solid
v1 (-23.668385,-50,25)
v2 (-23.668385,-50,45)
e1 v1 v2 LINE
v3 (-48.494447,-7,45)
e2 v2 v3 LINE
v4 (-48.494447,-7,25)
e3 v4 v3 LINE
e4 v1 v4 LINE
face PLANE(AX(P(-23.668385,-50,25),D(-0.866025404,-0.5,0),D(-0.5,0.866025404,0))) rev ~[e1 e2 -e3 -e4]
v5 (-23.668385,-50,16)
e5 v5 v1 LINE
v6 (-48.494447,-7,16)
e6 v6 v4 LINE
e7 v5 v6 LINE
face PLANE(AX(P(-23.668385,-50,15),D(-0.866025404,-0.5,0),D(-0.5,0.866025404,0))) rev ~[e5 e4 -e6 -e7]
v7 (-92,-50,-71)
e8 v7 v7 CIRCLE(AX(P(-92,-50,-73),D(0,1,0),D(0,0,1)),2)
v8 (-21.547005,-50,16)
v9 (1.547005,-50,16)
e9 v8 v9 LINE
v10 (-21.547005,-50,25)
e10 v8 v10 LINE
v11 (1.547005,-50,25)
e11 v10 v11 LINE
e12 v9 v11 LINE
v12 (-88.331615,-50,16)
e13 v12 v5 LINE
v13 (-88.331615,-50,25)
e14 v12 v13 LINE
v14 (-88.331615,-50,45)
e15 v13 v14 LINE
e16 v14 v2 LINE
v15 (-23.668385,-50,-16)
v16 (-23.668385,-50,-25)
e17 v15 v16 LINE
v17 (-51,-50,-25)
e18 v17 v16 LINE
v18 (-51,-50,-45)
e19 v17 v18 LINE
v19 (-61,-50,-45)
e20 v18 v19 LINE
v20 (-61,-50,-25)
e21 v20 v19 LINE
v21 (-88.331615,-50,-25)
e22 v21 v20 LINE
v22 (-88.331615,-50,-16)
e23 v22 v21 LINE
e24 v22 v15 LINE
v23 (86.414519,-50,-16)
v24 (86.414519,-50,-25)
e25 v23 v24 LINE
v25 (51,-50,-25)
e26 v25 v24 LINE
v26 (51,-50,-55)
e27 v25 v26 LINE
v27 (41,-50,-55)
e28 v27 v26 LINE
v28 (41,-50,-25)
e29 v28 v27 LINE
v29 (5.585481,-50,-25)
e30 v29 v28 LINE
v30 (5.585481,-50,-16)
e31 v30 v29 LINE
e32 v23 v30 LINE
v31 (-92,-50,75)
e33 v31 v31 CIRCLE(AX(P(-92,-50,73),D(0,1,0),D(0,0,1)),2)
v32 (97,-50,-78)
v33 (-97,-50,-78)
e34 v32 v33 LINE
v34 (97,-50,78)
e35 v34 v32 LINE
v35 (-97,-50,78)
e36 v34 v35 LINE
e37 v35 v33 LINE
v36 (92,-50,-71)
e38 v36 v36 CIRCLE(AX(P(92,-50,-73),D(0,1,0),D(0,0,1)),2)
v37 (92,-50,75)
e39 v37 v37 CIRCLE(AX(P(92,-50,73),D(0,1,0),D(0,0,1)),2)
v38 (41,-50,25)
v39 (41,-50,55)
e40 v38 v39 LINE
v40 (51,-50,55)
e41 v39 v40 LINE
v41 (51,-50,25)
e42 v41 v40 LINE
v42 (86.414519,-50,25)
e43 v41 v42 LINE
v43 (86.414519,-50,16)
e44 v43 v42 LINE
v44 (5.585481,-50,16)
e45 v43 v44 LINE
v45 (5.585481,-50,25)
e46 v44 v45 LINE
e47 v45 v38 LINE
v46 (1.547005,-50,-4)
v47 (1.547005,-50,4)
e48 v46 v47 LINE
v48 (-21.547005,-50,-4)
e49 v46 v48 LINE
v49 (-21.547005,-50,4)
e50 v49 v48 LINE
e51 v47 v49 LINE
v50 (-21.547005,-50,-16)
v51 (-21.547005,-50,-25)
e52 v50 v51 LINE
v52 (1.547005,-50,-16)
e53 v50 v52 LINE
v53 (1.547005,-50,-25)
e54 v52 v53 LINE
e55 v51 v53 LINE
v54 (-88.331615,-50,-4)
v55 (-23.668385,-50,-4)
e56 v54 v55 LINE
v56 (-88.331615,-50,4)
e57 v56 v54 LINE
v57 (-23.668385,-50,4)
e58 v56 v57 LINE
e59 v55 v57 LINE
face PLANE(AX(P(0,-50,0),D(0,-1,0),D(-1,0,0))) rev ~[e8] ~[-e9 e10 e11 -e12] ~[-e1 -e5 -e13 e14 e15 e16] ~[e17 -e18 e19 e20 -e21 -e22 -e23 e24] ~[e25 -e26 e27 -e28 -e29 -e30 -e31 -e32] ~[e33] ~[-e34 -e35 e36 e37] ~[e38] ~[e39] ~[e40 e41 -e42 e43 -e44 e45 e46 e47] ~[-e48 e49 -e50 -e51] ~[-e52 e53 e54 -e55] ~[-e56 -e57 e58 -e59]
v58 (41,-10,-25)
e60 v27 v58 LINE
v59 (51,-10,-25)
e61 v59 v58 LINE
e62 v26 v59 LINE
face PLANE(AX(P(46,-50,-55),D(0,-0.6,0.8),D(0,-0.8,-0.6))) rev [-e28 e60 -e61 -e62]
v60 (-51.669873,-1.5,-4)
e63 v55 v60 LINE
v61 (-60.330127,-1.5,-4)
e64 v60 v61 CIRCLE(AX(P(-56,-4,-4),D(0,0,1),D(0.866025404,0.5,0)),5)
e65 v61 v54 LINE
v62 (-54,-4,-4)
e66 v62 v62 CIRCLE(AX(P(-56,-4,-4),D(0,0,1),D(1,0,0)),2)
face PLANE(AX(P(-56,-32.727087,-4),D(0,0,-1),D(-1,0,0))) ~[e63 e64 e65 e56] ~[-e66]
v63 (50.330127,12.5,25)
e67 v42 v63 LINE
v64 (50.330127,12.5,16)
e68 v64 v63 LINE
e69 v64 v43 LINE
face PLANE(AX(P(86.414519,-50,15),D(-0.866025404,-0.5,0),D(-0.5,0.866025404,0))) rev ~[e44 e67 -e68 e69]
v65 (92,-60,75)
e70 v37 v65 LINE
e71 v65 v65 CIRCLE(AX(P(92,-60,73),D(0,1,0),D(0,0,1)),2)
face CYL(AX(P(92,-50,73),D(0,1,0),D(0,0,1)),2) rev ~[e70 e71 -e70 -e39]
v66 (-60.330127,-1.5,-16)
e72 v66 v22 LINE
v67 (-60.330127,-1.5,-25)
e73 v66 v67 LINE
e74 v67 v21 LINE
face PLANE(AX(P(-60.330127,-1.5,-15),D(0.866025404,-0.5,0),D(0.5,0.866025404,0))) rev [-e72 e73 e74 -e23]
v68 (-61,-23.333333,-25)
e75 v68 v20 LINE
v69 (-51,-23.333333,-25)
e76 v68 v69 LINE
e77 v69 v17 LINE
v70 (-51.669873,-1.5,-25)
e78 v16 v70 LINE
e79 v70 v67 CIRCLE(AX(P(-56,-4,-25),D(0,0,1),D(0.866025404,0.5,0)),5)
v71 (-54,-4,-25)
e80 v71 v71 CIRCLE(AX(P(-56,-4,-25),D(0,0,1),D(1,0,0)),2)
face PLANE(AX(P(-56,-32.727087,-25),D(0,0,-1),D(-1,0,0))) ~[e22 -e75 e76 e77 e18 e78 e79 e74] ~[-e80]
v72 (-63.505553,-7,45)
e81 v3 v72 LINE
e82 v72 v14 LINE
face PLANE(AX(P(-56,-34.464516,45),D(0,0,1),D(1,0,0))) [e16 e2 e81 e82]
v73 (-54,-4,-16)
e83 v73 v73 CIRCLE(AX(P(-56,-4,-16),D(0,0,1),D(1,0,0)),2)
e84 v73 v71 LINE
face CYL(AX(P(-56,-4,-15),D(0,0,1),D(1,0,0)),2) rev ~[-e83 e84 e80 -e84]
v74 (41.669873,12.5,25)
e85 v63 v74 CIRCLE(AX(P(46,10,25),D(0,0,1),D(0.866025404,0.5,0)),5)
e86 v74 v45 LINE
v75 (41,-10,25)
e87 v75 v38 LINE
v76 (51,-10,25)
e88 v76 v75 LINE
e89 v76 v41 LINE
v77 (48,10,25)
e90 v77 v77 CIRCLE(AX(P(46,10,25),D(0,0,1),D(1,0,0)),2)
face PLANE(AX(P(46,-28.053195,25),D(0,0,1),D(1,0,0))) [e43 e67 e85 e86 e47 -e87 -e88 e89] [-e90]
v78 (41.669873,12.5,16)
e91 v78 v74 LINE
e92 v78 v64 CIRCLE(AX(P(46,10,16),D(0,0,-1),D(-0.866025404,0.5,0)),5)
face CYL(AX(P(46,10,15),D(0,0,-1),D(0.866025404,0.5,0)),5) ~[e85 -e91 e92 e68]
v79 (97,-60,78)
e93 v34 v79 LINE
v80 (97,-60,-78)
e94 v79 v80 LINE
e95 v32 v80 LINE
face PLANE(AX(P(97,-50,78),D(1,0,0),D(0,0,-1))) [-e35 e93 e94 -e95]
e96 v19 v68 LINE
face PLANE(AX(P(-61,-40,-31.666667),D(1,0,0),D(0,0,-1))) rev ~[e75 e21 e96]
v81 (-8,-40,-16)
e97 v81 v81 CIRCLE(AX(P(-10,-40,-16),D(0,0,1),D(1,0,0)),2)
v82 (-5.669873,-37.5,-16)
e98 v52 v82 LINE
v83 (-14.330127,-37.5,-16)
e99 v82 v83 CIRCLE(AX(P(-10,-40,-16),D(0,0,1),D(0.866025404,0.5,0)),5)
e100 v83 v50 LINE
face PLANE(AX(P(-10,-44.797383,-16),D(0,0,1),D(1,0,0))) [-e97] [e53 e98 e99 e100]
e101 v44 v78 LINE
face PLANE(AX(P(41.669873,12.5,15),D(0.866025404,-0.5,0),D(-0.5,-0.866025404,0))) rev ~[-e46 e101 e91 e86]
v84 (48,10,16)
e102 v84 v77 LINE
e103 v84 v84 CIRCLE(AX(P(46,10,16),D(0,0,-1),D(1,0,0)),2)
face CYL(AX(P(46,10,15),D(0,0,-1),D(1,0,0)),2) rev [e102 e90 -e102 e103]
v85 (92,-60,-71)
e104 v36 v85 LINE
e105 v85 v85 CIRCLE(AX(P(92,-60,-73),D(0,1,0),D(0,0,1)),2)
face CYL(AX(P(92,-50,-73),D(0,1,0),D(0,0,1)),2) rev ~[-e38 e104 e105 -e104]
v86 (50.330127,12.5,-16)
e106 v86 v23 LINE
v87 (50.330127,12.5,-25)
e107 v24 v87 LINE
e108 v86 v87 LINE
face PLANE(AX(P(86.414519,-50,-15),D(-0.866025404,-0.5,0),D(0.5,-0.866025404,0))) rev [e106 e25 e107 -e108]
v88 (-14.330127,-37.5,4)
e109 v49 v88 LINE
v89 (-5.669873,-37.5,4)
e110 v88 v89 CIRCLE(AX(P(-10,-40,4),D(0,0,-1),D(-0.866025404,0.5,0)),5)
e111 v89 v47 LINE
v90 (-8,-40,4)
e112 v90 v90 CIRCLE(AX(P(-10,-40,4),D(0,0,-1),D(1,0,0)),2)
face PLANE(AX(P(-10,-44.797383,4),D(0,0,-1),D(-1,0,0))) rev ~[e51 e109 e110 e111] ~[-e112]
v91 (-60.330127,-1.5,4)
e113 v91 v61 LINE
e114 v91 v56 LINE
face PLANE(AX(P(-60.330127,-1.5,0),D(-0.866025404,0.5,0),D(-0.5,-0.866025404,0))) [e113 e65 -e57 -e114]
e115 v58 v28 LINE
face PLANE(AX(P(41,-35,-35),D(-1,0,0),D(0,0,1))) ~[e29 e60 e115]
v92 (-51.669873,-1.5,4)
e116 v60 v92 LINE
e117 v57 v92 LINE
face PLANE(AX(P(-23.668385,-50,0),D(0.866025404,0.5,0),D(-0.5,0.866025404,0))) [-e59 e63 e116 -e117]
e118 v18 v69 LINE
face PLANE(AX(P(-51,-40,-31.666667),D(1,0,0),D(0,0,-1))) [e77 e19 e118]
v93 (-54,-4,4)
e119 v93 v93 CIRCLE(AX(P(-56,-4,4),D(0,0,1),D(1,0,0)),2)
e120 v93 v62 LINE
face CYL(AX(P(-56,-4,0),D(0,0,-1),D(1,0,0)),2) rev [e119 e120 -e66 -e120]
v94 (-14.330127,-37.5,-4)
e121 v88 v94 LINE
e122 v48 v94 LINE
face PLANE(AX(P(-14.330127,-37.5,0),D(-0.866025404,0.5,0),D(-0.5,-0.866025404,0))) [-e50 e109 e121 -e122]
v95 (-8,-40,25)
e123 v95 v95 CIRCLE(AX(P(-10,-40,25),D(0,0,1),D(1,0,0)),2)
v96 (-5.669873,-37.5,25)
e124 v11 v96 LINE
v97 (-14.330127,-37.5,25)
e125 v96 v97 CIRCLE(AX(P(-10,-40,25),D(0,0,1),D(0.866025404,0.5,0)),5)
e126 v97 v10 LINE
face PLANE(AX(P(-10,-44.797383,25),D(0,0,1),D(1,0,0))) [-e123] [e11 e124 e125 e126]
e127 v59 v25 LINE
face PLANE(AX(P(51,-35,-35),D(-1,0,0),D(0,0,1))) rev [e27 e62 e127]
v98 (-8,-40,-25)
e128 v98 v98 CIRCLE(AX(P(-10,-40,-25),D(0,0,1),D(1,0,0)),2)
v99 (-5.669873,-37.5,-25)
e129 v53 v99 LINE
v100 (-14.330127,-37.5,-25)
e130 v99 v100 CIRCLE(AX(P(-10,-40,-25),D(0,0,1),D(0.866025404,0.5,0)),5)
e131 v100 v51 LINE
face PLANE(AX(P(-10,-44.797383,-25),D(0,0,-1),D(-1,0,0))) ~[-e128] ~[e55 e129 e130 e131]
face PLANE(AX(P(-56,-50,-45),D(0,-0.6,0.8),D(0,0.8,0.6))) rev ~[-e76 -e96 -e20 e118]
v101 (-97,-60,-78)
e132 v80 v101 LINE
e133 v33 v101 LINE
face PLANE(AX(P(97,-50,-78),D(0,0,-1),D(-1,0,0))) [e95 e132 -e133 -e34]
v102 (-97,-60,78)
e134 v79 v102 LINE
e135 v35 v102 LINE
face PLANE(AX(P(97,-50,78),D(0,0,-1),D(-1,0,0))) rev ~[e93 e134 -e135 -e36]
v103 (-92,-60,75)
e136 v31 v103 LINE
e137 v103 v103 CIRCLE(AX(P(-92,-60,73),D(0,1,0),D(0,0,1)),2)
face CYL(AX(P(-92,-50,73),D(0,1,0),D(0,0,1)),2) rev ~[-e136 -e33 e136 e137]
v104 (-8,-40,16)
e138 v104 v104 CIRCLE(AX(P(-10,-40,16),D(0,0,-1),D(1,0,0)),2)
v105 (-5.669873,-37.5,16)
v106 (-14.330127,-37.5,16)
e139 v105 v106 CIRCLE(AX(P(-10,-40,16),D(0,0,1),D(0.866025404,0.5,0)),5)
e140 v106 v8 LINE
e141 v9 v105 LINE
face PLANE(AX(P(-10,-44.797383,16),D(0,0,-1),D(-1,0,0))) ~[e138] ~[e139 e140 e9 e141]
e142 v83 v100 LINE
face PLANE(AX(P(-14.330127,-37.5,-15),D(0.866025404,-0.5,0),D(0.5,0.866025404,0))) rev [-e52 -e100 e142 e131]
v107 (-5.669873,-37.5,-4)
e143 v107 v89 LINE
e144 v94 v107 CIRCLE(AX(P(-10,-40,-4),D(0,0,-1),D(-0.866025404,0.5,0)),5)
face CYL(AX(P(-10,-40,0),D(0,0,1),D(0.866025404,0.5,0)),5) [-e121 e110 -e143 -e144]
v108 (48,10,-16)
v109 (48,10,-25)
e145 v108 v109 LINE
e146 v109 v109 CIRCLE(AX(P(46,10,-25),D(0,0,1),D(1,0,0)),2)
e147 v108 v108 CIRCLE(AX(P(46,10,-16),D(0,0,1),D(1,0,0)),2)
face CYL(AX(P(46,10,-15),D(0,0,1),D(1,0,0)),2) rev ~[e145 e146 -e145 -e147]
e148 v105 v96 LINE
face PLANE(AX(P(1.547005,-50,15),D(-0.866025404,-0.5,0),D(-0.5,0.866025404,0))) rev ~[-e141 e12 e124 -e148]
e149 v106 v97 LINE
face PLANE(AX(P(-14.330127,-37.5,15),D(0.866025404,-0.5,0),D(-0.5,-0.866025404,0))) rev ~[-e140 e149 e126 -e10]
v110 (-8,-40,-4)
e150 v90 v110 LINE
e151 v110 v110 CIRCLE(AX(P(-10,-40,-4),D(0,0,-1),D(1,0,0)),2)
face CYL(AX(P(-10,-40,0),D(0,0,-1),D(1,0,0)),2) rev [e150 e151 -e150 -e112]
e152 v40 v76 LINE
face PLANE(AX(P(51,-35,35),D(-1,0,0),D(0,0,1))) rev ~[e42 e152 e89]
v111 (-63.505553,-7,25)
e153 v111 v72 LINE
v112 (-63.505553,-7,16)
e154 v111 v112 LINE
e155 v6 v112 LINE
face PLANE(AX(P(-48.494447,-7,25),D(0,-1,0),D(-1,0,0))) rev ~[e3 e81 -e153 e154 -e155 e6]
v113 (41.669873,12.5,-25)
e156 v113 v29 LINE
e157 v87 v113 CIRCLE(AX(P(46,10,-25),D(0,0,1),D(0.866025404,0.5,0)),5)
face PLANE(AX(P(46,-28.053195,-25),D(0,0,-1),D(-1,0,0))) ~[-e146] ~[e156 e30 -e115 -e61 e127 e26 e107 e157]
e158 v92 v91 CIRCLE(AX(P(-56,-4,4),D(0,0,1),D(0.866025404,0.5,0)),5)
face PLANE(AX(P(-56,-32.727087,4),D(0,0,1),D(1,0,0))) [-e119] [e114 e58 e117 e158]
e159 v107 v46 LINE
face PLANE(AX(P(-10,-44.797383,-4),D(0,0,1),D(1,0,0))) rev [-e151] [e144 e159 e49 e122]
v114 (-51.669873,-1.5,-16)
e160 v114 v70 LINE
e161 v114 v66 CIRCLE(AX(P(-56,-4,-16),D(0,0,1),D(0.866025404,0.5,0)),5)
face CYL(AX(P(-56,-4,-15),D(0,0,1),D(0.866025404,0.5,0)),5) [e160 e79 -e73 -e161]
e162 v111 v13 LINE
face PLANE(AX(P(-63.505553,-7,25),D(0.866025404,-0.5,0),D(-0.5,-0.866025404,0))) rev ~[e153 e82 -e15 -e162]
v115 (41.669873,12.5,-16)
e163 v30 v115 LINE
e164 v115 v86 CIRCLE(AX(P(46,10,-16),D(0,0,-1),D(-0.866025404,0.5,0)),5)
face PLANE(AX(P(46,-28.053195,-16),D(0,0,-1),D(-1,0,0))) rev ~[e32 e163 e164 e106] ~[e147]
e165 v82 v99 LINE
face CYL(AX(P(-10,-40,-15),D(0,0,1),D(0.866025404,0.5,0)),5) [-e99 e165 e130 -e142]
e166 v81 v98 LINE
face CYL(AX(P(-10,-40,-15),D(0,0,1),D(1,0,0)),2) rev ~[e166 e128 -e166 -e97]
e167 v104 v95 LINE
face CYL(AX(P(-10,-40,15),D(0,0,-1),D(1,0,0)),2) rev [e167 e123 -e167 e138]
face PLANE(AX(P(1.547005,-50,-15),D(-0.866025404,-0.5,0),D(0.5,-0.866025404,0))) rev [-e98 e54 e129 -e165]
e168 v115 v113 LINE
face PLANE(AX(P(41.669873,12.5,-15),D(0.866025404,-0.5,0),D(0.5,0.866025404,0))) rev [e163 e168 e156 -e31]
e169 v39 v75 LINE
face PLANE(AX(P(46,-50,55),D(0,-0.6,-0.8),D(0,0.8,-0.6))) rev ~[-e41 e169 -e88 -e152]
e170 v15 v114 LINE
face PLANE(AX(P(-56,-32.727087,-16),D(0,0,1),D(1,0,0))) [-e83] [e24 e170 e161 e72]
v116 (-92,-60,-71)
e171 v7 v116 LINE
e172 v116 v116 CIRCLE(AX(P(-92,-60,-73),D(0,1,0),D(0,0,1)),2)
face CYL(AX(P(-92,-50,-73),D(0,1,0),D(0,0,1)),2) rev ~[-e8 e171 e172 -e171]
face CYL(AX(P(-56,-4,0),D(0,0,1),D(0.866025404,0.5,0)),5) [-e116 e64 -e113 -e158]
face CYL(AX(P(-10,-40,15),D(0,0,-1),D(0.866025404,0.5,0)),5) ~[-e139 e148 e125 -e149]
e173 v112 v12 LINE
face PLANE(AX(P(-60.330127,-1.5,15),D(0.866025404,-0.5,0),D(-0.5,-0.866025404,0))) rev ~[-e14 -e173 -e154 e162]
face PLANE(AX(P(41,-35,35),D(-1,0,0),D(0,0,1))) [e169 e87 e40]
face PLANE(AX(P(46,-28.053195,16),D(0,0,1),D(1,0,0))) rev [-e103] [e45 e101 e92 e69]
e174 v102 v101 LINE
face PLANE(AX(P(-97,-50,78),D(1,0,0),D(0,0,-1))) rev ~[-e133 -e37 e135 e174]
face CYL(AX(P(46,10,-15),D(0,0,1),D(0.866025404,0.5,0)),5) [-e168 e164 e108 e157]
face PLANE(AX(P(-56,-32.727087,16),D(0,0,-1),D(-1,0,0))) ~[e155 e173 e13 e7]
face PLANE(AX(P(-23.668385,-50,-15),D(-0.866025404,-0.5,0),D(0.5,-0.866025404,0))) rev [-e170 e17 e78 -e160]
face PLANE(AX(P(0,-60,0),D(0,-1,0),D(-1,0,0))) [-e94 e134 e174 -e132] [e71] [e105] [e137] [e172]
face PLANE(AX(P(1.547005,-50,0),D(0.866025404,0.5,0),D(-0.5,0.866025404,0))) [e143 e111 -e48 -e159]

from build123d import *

# Parameters (mm, degrees)
SKETCH2_R             = 2
BOSS_EXTRUDE2_DEPTH   = 5
BOSS_EXTRUDE2_2_DEPTH = 5
BOSS_EXTRUDE2_3_DEPTH = 5
SKETCH3_W             = 194
SKETCH3_H             = 156
BOSS_EXTRUDE3_DEPTH   = 10
SKETCH5_R             = 2
BOSS_EXTRUDE4_DEPTH   = 10
SKETCH6_W             = 80.829037686
SKETCH6_H             = 10
CUT_EXTRUDE1_DEPTH    = 142
SKETCH7_R             = 2
CUT_EXTRUDE2_DEPTH    = 142
CUT_EXTRUDE4_DEPTH    = 10
BOSS_EXTRUDE5_DEPTH   = 20
SKETCH10_R            = 2
CUT_EXTRUDE5_DEPTH    = 1
CUT_EXTRUDE6_DEPTH    = 1
BOSS_EXTRUDE6_DEPTH   = 5
BOSS_EXTRUDE7_DEPTH   = 5


with BuildPart() as part:
    # Sketch2 → Boss-Extrude2 (new, symmetric)
    with BuildSketch(Plane.XY):
        with BuildLine():
            ThreePointArc((50.330127019, 12.5), (46, 15), (41.669872981, 12.5))
            Line((41.669872981, 12.5), (5.585481157, -50))
            Line((5.585481157, -50), (86.414518843, -50))
            Line((86.414518843, -50), (50.330127019, 12.5))
        make_face()
        with Locations((46, 10)):
            Circle(SKETCH2_R, mode=Mode.SUBTRACT)
    extrude(amount=BOSS_EXTRUDE2_DEPTH, both=True)



with BuildPart() as body_2:
    # Sketch2 → Boss-Extrude2 2 (new, symmetric)
    with BuildSketch(Plane.XY):
        with BuildLine():
            Line((-21.547005384, -50), (1.547005384, -50))
            Line((1.547005384, -50), (-5.669872981, -37.5))
            ThreePointArc((-5.669872981, -37.5), (-10, -35), (-14.330127019, -37.5))
            Line((-14.330127019, -37.5), (-21.547005384, -50))
        make_face()
        with Locations((-10, -40)):
            Circle(SKETCH2_R, mode=Mode.SUBTRACT)
    extrude(amount=BOSS_EXTRUDE2_2_DEPTH, both=True)


with BuildPart() as body_3:
    # Sketch2 → Boss-Extrude2 3 (new, symmetric)
    with BuildSketch(Plane.XY):
        with BuildLine():
            Line((-88.331615075, -50), (-23.668384925, -50))
            Line((-23.668384925, -50), (-51.669872981, -1.5))
            ThreePointArc((-51.669872981, -1.5), (-56, 1), (-60.330127019, -1.5))
            Line((-60.330127019, -1.5), (-88.331615075, -50))
        make_face()
        with Locations((-56, -4)):
            Circle(SKETCH2_R, mode=Mode.SUBTRACT)
    extrude(amount=BOSS_EXTRUDE2_3_DEPTH, both=True)


with BuildPart() as part_1:
    add(part.part)

    add(body_2.part)  # Boss-Extrude3 merges body 2

    add(body_3.part)  # Boss-Extrude3 merges body 3
    # Sketch3 → Boss-Extrude3 (add)
    with BuildSketch(Plane(origin=(0, -50, 0), x_dir=(-1, 0, 0), z_dir=(0, -1, 0))):
        Rectangle(SKETCH3_W, SKETCH3_H)
    extrude(amount=BOSS_EXTRUDE3_DEPTH)

    # Sketch5 → Boss-Extrude4 (add)
    # profile 1 of 3: a face of its own
    with BuildSketch(Plane.XY.offset(15)):
        with BuildLine():
            ThreePointArc((50.330127019, 12.5), (46, 15), (41.669872981, 12.5))
            Line((41.669872981, 12.5), (5.585481157, -50))
            Line((5.585481157, -50), (86.414518843, -50))
            Line((86.414518843, -50), (50.330127019, 12.5))
        make_face()
        with Locations((46, 10)):
            Circle(SKETCH5_R, mode=Mode.SUBTRACT)
    # profile 2 of 3: a face of its own
    with BuildSketch(Plane.XY.offset(15)):
        with BuildLine():
            Line((-21.547005384, -50), (1.547005384, -50))
            Line((1.547005384, -50), (-5.669872981, -37.5))
            ThreePointArc((-5.669872981, -37.5), (-10, -35), (-14.330127019, -37.5))
            Line((-14.330127019, -37.5), (-21.547005384, -50))
        make_face()
        with Locations((-10, -40)):
            Circle(SKETCH5_R, mode=Mode.SUBTRACT)
    # profile 3 of 3: a face of its own
    with BuildSketch(Plane.XY.offset(15)):
        with BuildLine():
            Line((-88.331615075, -50), (-23.668384925, -50))
            Line((-23.668384925, -50), (-51.669872981, -1.5))
            ThreePointArc((-51.669872981, -1.5), (-56, 1), (-60.330127019, -1.5))
            Line((-60.330127019, -1.5), (-88.331615075, -50))
        make_face()
        with Locations((-56, -4)):
            Circle(SKETCH5_R, mode=Mode.SUBTRACT)
    boss_extrude4 = extrude(amount=BOSS_EXTRUDE4_DEPTH)

    # Mirror1: Boss-Extrude4 across plane
    add(boss_extrude4.mirror(Plane.XY))

    # Sketch6 → Cut-Extrude1 (cut)
    with BuildSketch(Plane(origin=(0, -50, 0), x_dir=(1, 0, 0), z_dir=(0, 1, 0))):
        with Locations((46, 0)):
            Rectangle(SKETCH6_W, SKETCH6_H)
    extrude(amount=CUT_EXTRUDE1_DEPTH, mode=Mode.SUBTRACT)

    # Sketch7 → Cut-Extrude2 (cut)
    with BuildSketch(Plane(origin=(0, -50, 0), x_dir=(1, 0, 0), z_dir=(0, 1, 0))):
        with Locations((-92, -73)):
            Circle(SKETCH7_R)
        with Locations((-92, 73)):
            Circle(SKETCH7_R)
        with Locations((92, 73)):
            Circle(SKETCH7_R)
        with Locations((92, -73)):
            Circle(SKETCH7_R)
    extrude(amount=-CUT_EXTRUDE2_DEPTH, mode=Mode.SUBTRACT)

    # Sketch8 → Cut-Extrude4 (cut)
    with BuildSketch(Plane.XY.offset(25)):
        Polygon((-71, -7), (-41, -7), (-41, -1), (-41, 3.028567104), (-71, 3.028567104), (-71, -1), align=None)
    extrude(amount=-CUT_EXTRUDE4_DEPTH, mode=Mode.SUBTRACT)

    # Sketch9 → Boss-Extrude5 (add)
    with BuildSketch(Plane.XY.offset(25)):
        Polygon((-88.331615075, -50), (-23.668384925, -50), (-48.494446501, -7), (-63.505553499, -7), align=None)
    extrude(amount=BOSS_EXTRUDE5_DEPTH)

    # Sketch10 → Cut-Extrude5 (cut)
    # profile 1 of 2: a face of its own
    with BuildSketch(Plane.XY.offset(5)):
        with BuildLine():
            Line((-60.330127019, -1.5), (-88.331615075, -50))
            Line((-88.331615075, -50), (-23.668384925, -50))
            Line((-23.668384925, -50), (-51.669872981, -1.5))
            ThreePointArc((-51.669872981, -1.5), (-56, 1), (-60.330127019, -1.5))
        make_face()
        with Locations((-56, -4)):
            Circle(SKETCH10_R, mode=Mode.SUBTRACT)
    # profile 2 of 2: a face of its own
    with BuildSketch(Plane.XY.offset(5)):
        with BuildLine():
            Line((-21.547005384, -50), (-14.330127019, -37.5))
            ThreePointArc((-14.330127019, -37.5), (-10, -35), (-5.669872981, -37.5))
            Line((-5.669872981, -37.5), (1.547005384, -50))
            Line((1.547005384, -50), (-21.547005384, -50))
        make_face()
    cut_extrude5 = extrude(amount=-CUT_EXTRUDE5_DEPTH, mode=Mode.SUBTRACT)

    # Mirror2: Cut-Extrude5 across plane
    add(cut_extrude5.mirror(Plane.XY), mode=Mode.SUBTRACT)

    # Sketch11 → Cut-Extrude6 (cut)
    with BuildSketch(Plane.XY.offset(-15)):
        with BuildLine():
            Line((-88.331615075, -50), (-23.668384925, -50))
            Line((-23.668384925, -50), (-51.669872981, -1.5))
            ThreePointArc((-51.669872981, -1.5), (-56, 1), (-60.330127019, -1.5))
            Line((-60.330127019, -1.5), (-88.331615075, -50))
        make_face()
        with BuildLine():
            Line((-21.547005384, -50), (1.547005384, -50))
            Line((1.547005384, -50), (-5.669872981, -37.5))
            ThreePointArc((-5.669872981, -37.5), (-10, -35), (-14.330127019, -37.5))
            Line((-14.330127019, -37.5), (-21.547005384, -50))
        make_face()
        with BuildLine():
            Line((5.585481157, -50), (41.669872981, 12.5))
            ThreePointArc((41.669872981, 12.5), (46, 15), (50.330127019, 12.5))
            Line((50.330127019, 12.5), (86.414518843, -50))
            Line((86.414518843, -50), (5.585481157, -50))
        make_face()
    cut_extrude6 = extrude(amount=-CUT_EXTRUDE6_DEPTH, mode=Mode.SUBTRACT)

    # Mirror3: Cut-Extrude6 across plane
    add(cut_extrude6.mirror(Plane.XY), mode=Mode.SUBTRACT)

    # Sketch12 → Boss-Extrude6 (add, symmetric)
    with BuildSketch(Plane(origin=(46, 0, 0), x_dir=(0, 0, -1), z_dir=(1, 0, 0))):
        Polygon((-55, -50), (-25, -10), (-25, -50), align=None)
    boss_extrude6 = extrude(amount=BOSS_EXTRUDE6_DEPTH, both=True)

    # Mirror4: Boss-Extrude6 across plane
    add(boss_extrude6.mirror(Plane.XY))

    # Sketch13 → Boss-Extrude7 (add, symmetric)
    with BuildSketch(Plane.ZY.offset(56)):
        Polygon((-45, -50), (-25, -23.333333333), (-25, -50), align=None)
    extrude(amount=BOSS_EXTRUDE7_DEPTH, both=True)


solid = part_1.part
